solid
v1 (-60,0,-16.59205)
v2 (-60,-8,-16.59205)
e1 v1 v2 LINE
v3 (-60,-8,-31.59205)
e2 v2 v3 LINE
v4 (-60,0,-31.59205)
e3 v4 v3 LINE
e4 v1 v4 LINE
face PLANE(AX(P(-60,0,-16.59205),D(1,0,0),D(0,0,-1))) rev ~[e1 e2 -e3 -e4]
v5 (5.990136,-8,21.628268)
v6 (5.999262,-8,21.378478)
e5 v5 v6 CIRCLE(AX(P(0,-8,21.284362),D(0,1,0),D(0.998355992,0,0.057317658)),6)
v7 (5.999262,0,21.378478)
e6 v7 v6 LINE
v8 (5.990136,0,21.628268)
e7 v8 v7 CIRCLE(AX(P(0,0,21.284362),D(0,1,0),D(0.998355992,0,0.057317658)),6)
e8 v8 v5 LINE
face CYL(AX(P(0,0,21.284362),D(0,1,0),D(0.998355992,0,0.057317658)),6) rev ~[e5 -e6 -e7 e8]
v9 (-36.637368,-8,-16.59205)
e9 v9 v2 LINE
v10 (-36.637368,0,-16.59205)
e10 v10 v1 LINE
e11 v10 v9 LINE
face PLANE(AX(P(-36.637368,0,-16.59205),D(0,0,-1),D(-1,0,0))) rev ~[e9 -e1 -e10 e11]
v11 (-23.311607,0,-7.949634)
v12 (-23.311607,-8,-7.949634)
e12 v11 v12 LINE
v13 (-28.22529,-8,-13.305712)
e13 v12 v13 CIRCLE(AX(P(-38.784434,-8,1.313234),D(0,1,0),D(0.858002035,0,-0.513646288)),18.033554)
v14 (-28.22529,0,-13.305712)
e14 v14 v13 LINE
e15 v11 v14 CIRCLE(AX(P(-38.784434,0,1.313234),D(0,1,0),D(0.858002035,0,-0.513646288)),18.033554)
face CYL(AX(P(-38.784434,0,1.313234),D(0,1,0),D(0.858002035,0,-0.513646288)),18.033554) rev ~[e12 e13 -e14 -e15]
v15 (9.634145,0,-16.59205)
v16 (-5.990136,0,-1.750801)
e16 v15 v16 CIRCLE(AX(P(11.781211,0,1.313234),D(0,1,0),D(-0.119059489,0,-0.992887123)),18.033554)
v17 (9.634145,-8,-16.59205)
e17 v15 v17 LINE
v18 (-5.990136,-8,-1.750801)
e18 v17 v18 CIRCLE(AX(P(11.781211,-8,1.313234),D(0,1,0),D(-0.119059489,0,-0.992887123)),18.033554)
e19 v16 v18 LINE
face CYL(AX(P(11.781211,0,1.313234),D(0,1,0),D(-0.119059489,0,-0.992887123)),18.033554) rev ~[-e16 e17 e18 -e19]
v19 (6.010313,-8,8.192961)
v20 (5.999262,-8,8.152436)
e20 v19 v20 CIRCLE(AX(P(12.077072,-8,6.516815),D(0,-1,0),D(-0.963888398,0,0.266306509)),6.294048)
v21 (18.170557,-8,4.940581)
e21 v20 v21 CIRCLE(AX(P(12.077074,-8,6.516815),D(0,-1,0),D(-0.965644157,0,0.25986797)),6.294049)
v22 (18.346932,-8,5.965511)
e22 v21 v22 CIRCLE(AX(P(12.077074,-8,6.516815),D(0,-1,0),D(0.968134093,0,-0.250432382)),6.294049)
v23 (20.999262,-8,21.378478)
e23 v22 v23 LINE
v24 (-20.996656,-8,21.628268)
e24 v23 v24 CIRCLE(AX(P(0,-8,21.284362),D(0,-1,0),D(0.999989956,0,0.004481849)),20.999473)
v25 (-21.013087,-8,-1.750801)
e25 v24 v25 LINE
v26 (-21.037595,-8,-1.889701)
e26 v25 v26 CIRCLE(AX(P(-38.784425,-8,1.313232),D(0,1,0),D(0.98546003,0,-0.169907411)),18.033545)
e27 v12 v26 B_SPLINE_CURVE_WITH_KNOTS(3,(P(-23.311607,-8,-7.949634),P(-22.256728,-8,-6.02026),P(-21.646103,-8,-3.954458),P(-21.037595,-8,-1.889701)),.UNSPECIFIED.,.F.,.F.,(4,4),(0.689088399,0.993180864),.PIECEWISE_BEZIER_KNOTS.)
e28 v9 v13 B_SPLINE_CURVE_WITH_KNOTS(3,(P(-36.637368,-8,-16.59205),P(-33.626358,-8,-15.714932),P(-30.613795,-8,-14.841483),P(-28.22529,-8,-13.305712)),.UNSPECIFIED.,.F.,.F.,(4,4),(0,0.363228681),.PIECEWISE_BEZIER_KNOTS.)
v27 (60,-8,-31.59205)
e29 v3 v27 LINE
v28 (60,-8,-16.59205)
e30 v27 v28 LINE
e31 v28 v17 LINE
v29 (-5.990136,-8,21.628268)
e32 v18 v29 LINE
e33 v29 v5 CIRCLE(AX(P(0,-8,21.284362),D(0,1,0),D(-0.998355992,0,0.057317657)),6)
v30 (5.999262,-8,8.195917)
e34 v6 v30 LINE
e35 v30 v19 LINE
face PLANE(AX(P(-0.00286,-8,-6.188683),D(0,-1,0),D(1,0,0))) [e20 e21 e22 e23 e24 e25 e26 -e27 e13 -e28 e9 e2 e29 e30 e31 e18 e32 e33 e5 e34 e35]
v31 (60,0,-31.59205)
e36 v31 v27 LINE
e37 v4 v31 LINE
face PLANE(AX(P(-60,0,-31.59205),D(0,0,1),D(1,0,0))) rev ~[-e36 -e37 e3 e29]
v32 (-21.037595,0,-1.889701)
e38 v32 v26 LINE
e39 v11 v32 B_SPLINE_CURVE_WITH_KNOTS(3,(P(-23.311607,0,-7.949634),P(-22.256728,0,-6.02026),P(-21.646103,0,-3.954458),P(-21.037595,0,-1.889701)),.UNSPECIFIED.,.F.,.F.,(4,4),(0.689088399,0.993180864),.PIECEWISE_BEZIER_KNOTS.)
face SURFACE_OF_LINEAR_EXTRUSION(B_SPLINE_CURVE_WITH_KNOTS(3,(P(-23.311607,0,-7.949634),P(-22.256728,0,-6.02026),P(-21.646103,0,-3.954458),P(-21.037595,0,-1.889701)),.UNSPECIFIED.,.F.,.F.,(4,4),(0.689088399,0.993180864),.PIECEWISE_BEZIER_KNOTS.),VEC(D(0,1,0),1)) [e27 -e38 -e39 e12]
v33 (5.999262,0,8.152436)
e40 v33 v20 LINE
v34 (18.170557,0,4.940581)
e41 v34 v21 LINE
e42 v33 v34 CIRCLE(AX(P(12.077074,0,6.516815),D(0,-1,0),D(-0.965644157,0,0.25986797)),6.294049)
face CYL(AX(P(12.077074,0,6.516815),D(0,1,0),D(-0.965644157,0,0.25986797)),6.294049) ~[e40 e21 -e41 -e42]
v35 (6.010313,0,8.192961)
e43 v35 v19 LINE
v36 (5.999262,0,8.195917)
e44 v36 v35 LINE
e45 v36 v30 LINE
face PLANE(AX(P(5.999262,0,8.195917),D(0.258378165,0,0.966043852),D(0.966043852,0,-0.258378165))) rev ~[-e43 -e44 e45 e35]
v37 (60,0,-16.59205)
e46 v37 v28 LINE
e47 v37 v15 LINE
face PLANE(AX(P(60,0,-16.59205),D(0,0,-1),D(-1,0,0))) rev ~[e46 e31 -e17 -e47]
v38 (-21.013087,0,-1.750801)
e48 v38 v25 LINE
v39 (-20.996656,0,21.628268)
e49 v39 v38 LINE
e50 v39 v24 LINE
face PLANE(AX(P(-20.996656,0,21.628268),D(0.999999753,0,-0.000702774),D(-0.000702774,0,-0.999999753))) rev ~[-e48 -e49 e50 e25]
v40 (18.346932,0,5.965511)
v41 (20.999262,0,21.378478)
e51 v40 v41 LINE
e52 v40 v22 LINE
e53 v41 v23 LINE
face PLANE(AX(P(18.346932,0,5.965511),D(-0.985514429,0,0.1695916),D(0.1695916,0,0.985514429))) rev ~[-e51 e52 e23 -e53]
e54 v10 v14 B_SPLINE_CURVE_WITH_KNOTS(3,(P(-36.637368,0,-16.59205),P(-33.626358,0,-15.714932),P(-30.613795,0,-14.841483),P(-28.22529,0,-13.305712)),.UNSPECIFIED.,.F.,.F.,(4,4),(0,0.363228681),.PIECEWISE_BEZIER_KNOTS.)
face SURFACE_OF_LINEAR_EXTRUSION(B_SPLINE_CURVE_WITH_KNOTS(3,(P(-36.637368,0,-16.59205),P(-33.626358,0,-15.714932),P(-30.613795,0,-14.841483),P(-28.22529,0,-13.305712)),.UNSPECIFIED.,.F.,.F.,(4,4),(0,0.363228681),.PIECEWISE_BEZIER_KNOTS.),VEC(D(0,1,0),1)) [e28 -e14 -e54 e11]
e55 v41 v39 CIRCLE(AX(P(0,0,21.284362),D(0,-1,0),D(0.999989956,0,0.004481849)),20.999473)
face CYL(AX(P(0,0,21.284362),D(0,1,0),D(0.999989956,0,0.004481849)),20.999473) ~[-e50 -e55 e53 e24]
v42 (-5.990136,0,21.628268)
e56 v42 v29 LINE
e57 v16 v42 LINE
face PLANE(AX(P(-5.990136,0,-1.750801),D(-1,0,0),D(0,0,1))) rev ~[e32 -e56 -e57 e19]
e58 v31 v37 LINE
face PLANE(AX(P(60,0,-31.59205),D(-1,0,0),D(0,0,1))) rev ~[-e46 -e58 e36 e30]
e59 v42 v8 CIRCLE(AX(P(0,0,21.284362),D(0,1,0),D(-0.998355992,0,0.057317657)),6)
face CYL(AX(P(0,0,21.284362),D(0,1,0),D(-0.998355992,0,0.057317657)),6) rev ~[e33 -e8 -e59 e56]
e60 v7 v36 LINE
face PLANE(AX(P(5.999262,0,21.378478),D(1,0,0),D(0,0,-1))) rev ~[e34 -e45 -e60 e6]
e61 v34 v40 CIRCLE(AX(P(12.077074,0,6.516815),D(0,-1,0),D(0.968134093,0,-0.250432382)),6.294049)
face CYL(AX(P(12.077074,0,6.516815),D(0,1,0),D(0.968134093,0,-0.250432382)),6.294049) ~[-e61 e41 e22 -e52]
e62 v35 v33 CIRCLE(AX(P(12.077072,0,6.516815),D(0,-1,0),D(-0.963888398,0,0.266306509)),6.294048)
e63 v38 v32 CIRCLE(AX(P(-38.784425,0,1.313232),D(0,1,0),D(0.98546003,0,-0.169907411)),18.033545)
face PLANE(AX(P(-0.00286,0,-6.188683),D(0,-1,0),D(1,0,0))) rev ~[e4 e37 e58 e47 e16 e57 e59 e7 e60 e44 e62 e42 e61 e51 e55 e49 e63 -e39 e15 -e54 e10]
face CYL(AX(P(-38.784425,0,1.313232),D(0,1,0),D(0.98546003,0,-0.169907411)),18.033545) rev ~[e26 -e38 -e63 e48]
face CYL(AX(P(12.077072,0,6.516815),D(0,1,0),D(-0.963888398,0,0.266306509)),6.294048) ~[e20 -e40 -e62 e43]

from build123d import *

# Parameters (mm, degrees)
F1_DEPTH = 8


with BuildPart() as f1:
    # F0 (on Front) → F1 (new body)
    with BuildSketch(Plane.XZ):
        with BuildLine():
            Line((18.3469315144, 5.9655109539), (20.9992617956, 21.3784781252))
            ThreePointArc((20.9992617956, 21.3784781252), (0.1249015369, 42.2834629222), (-20.9966564617, 21.6282676124))
            Line((-20.9966564617, 21.6282676124), (-20.9966564617, -1.7508006927))
            add(Edge.make_bspline(
                [(-21.0375948323, -1.8897012773), (-21.0239493062, -1.8434000403), (-21.0103048446, -1.7970993287), (-20.9966564617, -1.7508006927)],
                knots=[0.9931808639, 0.9931808639, 0.9931808639, 0.9931808639, 1, 1, 1, 1], degree=3))
            add(Edge.make_bspline(
                [(-23.311607346, -7.9496343517), (-22.2567283878, -6.0202595283), (-21.6461032363, -3.9544580126), (-21.0375948323, -1.8897012773)],
                knots=[0.6890883985, 0.6890883985, 0.6890883985, 0.6890883985, 0.9931808639, 0.9931808639, 0.9931808639, 0.9931808639], degree=3))
            add(Edge.make_bspline(
                [(-28.2252900615, -13.3057116458), (-26.0825142955, -11.9279404299), (-24.4419956281, -10.0171158148), (-23.311607346, -7.9496343517)],
                knots=[0.3632286809, 0.3632286809, 0.3632286809, 0.3632286809, 0.6890883985, 0.6890883985, 0.6890883985, 0.6890883985], degree=3))
            add(Edge.make_bspline(
                [(-36.6373678698, -16.5920499712), (-33.6263584299, -15.7149316784), (-30.6137952155, -14.8414830049), (-28.2252900615, -13.3057116458)],
                knots=[0, 0, 0, 0, 0.3632286809, 0.3632286809, 0.3632286809, 0.3632286809], degree=3))
            Line((-36.6373678698, -16.5920499712), (-60, -16.5920499712))
            Line((-60, -16.5920499712), (-60, -31.5920499712))
            Line((-60, -31.5920499712), (60, -31.5920499712))
            Line((60, -31.5920499712), (60, -16.5920499712))
            Line((60, -16.5920499712), (9.6341452579, -16.5920499712))
            ThreePointArc((9.6341452579, -16.5920499712), (-0.638590167, -11.7618423985), (-5.9901359502, -1.7508006927))
            Line((-5.9901359502, -1.7508006927), (-5.9901359502, 1.160080022))
            Line((-5.9901359502, 1.160080022), (-5.9901359502, 20.940455724))
            ThreePointArc((-5.9901359502, 20.940455724), (-6, 21.2843616682), (-5.9901359502, 21.6282676124))
            ThreePointArc((-5.9901359502, 21.6282676124), (0, 27.2843616682), (5.9901359502, 21.6282676124))
            Line((5.9901359502, 21.6282676124), (5.9992617956, 21.6282676124))
            Line((5.9992617956, 21.6282676124), (5.9992617956, 21.3784781252))
            ThreePointArc((5.9992617956, 21.3784781252), (6, 21.2843616682), (5.9992617956, 21.1902452111))
            Line((5.9992617956, 21.1902452111), (5.9992617956, 8.1959165921))
            Line((5.9992617956, 8.1959165921), (6.0103126276, 8.1929609357))
            ThreePointArc((6.0103126276, 8.1929609357), (6.0047534058, 8.1727079211), (5.9992617956, 8.1524364691))
            ThreePointArc((5.9992617956, 8.1524364691), (10.4711267055, 0.4310945937), (18.1705571166, 4.9405809808))
            Line((18.1705571166, 4.9405809808), (18.3469315144, 5.9655109539))
        make_face()
        Polygon((-20.9966564617, -1.7508006927), (-20.9966564617, 21.6282676124), (-21.0130866617, -1.7508006927), align=None)
        with BuildLine():
            ThreePointArc((18.1705571166, 4.9405809808), (18.2799498035, 5.449396835), (18.3469315144, 5.9655109539))
            Line((18.3469315144, 5.9655109539), (18.1705571166, 4.9405809808))
        make_face()
        with BuildLine():
            add(Edge.make_bspline(
                [(-21.0375948323, -1.8897012773), (-21.0239493062, -1.8434000403), (-21.0103048446, -1.7970993287), (-20.9966564617, -1.7508006927)],
                knots=[0.9931808639, 0.9931808639, 0.9931808639, 0.9931808639, 1, 1, 1, 1], degree=3))
            Line((-20.9966564617, -1.7508006927), (-21.0130866617, -1.7508006927))
            ThreePointArc((-21.0130866617, -1.7508006927), (-21.0252049482, -1.8202749459), (-21.0375948323, -1.8897012773))
        make_face()
        with BuildLine():
            add(Edge.make_bspline(
                [(-28.2252900615, -13.3057116458), (-26.0825142955, -11.9279404299), (-24.4419956281, -10.0171158148), (-23.311607346, -7.9496343517)],
                knots=[0.3632286809, 0.3632286809, 0.3632286809, 0.3632286809, 0.6890883985, 0.6890883985, 0.6890883985, 0.6890883985], degree=3))
            ThreePointArc((-23.311607346, -7.9496343517), (-25.4958010969, -10.8778007993), (-28.2252900615, -13.3057116458))
        make_face()
        with BuildLine():
            Line((5.9992617956, 21.3784781252), (5.9992617956, 21.1902452111))
            ThreePointArc((5.9992617956, 21.1902452111), (6, 21.2843616682), (5.9992617956, 21.3784781252))
        make_face()
        with BuildLine():
            ThreePointArc((5.9901359502, 21.6282676124), (5.9959997727, 21.5034203961), (5.9992617956, 21.3784781252))
            Line((5.9992617956, 21.3784781252), (5.9992617956, 21.6282676124))
            Line((5.9992617956, 21.6282676124), (5.9901359502, 21.6282676124))
        make_face()
        with BuildLine():
            Line((-5.9901359502, 20.940455724), (-5.9901359502, 21.6282676124))
            ThreePointArc((-5.9901359502, 21.6282676124), (-6, 21.2843616682), (-5.9901359502, 20.940455724))
        make_face()
    extrude(amount=F1_DEPTH)


solid = f1.part
